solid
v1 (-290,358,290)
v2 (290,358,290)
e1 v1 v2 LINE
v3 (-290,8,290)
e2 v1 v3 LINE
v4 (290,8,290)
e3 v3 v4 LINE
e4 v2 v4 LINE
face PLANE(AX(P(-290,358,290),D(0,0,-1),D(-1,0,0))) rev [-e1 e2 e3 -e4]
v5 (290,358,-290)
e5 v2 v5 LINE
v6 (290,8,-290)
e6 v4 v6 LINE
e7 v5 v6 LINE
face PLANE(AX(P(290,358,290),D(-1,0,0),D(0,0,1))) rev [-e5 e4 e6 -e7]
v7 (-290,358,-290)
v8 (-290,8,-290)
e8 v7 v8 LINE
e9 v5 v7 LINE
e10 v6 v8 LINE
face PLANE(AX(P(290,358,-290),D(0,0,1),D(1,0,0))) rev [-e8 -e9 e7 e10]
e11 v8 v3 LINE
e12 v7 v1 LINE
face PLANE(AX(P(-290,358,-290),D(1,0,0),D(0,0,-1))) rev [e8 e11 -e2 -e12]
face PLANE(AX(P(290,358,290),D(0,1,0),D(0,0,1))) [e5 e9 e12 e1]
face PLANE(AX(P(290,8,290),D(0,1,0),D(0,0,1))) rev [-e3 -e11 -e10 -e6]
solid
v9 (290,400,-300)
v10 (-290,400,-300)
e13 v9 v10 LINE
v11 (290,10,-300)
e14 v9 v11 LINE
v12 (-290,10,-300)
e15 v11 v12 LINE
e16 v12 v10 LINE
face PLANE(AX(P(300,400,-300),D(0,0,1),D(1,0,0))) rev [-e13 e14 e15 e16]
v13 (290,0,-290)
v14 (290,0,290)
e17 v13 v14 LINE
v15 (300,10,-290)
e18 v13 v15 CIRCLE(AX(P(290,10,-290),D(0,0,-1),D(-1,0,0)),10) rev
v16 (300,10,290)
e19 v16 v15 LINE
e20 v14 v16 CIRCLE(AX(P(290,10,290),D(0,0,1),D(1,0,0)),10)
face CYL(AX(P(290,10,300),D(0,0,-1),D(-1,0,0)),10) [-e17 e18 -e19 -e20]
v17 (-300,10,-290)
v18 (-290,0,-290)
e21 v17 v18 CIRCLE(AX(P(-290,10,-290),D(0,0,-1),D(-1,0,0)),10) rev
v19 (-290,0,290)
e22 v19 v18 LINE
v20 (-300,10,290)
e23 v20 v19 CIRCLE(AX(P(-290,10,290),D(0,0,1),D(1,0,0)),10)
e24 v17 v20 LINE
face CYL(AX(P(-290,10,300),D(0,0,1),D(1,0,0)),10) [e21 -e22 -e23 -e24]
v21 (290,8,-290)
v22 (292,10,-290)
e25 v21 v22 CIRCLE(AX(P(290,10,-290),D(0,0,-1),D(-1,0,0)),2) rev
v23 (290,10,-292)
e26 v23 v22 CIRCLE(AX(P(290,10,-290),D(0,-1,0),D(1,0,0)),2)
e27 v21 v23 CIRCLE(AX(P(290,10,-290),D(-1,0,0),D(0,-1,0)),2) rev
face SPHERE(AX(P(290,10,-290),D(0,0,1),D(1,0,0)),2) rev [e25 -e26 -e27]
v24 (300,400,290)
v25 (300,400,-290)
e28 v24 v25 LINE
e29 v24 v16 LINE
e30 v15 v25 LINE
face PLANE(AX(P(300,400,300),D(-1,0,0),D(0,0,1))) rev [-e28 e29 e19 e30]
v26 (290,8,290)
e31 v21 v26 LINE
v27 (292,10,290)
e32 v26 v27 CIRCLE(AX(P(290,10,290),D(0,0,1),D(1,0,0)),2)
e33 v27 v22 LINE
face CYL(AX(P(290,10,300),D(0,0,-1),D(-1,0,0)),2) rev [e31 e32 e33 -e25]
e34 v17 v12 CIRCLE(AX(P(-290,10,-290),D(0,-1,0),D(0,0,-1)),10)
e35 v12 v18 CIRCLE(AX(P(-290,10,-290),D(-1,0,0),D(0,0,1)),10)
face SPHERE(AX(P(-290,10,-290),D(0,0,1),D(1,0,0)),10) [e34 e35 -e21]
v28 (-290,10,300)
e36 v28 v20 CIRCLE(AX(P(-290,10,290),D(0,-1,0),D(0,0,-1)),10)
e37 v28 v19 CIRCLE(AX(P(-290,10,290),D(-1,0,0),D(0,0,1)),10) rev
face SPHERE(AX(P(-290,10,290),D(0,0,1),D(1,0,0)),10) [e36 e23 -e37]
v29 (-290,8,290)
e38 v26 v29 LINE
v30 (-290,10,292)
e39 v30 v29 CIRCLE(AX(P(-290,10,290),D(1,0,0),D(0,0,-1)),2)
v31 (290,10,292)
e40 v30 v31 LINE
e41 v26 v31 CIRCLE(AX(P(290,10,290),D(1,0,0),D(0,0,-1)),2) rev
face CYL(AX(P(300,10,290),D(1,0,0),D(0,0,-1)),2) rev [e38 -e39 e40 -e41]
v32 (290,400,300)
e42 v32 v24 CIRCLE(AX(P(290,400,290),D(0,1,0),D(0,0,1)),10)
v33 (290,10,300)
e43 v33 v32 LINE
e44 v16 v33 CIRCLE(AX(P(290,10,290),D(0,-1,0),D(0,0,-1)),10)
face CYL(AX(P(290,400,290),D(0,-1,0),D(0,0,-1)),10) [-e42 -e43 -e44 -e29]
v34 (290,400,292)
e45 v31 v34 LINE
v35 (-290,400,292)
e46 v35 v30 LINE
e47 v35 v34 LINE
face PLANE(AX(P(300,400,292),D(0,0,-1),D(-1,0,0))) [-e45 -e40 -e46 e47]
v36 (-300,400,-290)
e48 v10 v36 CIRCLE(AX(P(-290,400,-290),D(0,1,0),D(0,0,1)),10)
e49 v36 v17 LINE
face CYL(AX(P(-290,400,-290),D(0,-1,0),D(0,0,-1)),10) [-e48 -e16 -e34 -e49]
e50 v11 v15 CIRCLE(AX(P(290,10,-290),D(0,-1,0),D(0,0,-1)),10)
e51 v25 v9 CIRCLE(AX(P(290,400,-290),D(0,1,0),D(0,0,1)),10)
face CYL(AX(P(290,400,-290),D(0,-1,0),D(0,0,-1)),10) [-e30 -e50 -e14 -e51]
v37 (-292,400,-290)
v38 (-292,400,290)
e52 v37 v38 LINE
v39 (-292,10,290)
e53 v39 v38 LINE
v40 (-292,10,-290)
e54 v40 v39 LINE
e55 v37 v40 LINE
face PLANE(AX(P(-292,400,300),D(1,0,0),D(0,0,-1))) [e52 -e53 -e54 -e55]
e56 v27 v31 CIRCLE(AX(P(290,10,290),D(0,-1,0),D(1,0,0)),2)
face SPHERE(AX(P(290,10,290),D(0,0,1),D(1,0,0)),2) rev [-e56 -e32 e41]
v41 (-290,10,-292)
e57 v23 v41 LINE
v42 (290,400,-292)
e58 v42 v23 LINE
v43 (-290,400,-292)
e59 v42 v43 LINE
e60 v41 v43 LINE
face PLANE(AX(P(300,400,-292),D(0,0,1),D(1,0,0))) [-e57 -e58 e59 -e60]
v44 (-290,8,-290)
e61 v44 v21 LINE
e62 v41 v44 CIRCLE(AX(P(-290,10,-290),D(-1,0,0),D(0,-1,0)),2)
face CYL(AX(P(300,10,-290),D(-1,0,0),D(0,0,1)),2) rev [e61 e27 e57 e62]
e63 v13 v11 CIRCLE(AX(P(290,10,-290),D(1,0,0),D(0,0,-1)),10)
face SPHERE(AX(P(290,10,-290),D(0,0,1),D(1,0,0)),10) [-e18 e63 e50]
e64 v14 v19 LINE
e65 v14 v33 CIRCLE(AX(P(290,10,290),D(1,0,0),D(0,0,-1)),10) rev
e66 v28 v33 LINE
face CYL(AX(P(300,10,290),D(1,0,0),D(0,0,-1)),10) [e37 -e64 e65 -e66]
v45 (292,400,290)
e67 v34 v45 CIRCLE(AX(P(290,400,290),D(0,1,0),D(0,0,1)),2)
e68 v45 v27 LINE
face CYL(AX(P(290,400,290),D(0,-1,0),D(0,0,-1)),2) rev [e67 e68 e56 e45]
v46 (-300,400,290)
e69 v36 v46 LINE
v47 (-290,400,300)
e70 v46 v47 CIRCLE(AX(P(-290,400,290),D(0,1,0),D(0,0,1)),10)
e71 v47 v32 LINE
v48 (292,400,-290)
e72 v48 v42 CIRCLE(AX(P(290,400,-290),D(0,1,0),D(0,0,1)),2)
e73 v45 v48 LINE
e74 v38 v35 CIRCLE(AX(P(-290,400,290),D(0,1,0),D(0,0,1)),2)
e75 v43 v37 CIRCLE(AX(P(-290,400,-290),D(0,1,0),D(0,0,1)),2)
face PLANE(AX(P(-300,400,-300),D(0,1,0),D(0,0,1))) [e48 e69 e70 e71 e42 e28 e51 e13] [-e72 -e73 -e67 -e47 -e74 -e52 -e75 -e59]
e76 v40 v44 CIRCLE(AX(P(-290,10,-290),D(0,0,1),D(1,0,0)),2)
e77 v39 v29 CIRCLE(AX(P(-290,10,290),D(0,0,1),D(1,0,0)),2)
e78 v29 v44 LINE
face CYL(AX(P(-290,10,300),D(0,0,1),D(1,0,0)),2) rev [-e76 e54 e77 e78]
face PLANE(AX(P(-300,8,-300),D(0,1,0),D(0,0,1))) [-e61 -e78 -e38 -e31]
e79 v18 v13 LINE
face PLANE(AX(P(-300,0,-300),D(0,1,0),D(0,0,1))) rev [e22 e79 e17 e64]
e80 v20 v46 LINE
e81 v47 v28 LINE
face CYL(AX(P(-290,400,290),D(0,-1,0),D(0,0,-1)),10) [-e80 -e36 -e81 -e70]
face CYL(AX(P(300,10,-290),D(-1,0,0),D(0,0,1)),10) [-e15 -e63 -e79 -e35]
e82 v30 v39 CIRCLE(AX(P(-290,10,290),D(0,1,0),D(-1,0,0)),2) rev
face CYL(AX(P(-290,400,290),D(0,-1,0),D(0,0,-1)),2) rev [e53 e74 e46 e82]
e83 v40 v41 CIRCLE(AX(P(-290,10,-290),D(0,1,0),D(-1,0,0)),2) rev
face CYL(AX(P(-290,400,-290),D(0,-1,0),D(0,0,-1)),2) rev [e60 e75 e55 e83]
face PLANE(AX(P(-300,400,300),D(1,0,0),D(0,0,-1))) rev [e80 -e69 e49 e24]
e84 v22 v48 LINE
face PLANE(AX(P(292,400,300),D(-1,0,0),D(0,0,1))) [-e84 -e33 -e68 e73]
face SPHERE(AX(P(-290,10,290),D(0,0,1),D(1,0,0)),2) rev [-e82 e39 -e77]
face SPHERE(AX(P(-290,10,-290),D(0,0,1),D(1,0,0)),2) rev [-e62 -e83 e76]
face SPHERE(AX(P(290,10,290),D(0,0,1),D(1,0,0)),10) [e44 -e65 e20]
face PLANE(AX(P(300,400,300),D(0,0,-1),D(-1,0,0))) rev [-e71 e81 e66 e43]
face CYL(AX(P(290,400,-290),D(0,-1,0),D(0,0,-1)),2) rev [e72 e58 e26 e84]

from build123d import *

# Parameters (mm, degrees)
CROQUIS1_W     = 600
CROQUIS1_H     = 600
EXTRUIR1_DEPTH = 400
REDONDEO1_R    = 10
VACIADO1_T     = -8
CROQUIS2_W     = 580
CROQUIS2_H     = 580
EXTRUIR2_DEPTH = 350


with BuildPart() as part:
    # Croquis1 → Extruir1 (new body)
    with BuildSketch(Plane(origin=(0, 0, 0), x_dir=(1, 0, 0), z_dir=(0, 1, 0))):
        Rectangle(CROQUIS1_W, CROQUIS1_H)
    extrude(amount=EXTRUIR1_DEPTH)

    # Redondeo1
    redondeo1_edges = [part.edges().sort_by_distance(p)[0] for p in [
        (0, 0, -300),
        (300, 0, 0),
        (0, 0, 300),
        (-300, 0, 0),
        (-300, 200, -300),
        (300, 200, -300),
        (300, 200, 300),
        (-300, 200, 300),
    ]]
    fillet(redondeo1_edges, radius=REDONDEO1_R)

    # Vaciado1
    vaciado1_openings = [part.faces().sort_by_distance(p)[0] for p in [
        (0, 400, 0),
    ]]
    offset(amount=VACIADO1_T, openings=vaciado1_openings, kind=Kind.INTERSECTION)


with BuildPart() as body_2:
    # Croquis2 → Extruir2 (new body)
    with BuildSketch(Plane(origin=(0, 8, 0), x_dir=(1, 0, 0), z_dir=(0, 1, 0))):
        Rectangle(CROQUIS2_W, CROQUIS2_H)
    extrude(amount=EXTRUIR2_DEPTH)


solid = Compound([part.part, body_2.part])
